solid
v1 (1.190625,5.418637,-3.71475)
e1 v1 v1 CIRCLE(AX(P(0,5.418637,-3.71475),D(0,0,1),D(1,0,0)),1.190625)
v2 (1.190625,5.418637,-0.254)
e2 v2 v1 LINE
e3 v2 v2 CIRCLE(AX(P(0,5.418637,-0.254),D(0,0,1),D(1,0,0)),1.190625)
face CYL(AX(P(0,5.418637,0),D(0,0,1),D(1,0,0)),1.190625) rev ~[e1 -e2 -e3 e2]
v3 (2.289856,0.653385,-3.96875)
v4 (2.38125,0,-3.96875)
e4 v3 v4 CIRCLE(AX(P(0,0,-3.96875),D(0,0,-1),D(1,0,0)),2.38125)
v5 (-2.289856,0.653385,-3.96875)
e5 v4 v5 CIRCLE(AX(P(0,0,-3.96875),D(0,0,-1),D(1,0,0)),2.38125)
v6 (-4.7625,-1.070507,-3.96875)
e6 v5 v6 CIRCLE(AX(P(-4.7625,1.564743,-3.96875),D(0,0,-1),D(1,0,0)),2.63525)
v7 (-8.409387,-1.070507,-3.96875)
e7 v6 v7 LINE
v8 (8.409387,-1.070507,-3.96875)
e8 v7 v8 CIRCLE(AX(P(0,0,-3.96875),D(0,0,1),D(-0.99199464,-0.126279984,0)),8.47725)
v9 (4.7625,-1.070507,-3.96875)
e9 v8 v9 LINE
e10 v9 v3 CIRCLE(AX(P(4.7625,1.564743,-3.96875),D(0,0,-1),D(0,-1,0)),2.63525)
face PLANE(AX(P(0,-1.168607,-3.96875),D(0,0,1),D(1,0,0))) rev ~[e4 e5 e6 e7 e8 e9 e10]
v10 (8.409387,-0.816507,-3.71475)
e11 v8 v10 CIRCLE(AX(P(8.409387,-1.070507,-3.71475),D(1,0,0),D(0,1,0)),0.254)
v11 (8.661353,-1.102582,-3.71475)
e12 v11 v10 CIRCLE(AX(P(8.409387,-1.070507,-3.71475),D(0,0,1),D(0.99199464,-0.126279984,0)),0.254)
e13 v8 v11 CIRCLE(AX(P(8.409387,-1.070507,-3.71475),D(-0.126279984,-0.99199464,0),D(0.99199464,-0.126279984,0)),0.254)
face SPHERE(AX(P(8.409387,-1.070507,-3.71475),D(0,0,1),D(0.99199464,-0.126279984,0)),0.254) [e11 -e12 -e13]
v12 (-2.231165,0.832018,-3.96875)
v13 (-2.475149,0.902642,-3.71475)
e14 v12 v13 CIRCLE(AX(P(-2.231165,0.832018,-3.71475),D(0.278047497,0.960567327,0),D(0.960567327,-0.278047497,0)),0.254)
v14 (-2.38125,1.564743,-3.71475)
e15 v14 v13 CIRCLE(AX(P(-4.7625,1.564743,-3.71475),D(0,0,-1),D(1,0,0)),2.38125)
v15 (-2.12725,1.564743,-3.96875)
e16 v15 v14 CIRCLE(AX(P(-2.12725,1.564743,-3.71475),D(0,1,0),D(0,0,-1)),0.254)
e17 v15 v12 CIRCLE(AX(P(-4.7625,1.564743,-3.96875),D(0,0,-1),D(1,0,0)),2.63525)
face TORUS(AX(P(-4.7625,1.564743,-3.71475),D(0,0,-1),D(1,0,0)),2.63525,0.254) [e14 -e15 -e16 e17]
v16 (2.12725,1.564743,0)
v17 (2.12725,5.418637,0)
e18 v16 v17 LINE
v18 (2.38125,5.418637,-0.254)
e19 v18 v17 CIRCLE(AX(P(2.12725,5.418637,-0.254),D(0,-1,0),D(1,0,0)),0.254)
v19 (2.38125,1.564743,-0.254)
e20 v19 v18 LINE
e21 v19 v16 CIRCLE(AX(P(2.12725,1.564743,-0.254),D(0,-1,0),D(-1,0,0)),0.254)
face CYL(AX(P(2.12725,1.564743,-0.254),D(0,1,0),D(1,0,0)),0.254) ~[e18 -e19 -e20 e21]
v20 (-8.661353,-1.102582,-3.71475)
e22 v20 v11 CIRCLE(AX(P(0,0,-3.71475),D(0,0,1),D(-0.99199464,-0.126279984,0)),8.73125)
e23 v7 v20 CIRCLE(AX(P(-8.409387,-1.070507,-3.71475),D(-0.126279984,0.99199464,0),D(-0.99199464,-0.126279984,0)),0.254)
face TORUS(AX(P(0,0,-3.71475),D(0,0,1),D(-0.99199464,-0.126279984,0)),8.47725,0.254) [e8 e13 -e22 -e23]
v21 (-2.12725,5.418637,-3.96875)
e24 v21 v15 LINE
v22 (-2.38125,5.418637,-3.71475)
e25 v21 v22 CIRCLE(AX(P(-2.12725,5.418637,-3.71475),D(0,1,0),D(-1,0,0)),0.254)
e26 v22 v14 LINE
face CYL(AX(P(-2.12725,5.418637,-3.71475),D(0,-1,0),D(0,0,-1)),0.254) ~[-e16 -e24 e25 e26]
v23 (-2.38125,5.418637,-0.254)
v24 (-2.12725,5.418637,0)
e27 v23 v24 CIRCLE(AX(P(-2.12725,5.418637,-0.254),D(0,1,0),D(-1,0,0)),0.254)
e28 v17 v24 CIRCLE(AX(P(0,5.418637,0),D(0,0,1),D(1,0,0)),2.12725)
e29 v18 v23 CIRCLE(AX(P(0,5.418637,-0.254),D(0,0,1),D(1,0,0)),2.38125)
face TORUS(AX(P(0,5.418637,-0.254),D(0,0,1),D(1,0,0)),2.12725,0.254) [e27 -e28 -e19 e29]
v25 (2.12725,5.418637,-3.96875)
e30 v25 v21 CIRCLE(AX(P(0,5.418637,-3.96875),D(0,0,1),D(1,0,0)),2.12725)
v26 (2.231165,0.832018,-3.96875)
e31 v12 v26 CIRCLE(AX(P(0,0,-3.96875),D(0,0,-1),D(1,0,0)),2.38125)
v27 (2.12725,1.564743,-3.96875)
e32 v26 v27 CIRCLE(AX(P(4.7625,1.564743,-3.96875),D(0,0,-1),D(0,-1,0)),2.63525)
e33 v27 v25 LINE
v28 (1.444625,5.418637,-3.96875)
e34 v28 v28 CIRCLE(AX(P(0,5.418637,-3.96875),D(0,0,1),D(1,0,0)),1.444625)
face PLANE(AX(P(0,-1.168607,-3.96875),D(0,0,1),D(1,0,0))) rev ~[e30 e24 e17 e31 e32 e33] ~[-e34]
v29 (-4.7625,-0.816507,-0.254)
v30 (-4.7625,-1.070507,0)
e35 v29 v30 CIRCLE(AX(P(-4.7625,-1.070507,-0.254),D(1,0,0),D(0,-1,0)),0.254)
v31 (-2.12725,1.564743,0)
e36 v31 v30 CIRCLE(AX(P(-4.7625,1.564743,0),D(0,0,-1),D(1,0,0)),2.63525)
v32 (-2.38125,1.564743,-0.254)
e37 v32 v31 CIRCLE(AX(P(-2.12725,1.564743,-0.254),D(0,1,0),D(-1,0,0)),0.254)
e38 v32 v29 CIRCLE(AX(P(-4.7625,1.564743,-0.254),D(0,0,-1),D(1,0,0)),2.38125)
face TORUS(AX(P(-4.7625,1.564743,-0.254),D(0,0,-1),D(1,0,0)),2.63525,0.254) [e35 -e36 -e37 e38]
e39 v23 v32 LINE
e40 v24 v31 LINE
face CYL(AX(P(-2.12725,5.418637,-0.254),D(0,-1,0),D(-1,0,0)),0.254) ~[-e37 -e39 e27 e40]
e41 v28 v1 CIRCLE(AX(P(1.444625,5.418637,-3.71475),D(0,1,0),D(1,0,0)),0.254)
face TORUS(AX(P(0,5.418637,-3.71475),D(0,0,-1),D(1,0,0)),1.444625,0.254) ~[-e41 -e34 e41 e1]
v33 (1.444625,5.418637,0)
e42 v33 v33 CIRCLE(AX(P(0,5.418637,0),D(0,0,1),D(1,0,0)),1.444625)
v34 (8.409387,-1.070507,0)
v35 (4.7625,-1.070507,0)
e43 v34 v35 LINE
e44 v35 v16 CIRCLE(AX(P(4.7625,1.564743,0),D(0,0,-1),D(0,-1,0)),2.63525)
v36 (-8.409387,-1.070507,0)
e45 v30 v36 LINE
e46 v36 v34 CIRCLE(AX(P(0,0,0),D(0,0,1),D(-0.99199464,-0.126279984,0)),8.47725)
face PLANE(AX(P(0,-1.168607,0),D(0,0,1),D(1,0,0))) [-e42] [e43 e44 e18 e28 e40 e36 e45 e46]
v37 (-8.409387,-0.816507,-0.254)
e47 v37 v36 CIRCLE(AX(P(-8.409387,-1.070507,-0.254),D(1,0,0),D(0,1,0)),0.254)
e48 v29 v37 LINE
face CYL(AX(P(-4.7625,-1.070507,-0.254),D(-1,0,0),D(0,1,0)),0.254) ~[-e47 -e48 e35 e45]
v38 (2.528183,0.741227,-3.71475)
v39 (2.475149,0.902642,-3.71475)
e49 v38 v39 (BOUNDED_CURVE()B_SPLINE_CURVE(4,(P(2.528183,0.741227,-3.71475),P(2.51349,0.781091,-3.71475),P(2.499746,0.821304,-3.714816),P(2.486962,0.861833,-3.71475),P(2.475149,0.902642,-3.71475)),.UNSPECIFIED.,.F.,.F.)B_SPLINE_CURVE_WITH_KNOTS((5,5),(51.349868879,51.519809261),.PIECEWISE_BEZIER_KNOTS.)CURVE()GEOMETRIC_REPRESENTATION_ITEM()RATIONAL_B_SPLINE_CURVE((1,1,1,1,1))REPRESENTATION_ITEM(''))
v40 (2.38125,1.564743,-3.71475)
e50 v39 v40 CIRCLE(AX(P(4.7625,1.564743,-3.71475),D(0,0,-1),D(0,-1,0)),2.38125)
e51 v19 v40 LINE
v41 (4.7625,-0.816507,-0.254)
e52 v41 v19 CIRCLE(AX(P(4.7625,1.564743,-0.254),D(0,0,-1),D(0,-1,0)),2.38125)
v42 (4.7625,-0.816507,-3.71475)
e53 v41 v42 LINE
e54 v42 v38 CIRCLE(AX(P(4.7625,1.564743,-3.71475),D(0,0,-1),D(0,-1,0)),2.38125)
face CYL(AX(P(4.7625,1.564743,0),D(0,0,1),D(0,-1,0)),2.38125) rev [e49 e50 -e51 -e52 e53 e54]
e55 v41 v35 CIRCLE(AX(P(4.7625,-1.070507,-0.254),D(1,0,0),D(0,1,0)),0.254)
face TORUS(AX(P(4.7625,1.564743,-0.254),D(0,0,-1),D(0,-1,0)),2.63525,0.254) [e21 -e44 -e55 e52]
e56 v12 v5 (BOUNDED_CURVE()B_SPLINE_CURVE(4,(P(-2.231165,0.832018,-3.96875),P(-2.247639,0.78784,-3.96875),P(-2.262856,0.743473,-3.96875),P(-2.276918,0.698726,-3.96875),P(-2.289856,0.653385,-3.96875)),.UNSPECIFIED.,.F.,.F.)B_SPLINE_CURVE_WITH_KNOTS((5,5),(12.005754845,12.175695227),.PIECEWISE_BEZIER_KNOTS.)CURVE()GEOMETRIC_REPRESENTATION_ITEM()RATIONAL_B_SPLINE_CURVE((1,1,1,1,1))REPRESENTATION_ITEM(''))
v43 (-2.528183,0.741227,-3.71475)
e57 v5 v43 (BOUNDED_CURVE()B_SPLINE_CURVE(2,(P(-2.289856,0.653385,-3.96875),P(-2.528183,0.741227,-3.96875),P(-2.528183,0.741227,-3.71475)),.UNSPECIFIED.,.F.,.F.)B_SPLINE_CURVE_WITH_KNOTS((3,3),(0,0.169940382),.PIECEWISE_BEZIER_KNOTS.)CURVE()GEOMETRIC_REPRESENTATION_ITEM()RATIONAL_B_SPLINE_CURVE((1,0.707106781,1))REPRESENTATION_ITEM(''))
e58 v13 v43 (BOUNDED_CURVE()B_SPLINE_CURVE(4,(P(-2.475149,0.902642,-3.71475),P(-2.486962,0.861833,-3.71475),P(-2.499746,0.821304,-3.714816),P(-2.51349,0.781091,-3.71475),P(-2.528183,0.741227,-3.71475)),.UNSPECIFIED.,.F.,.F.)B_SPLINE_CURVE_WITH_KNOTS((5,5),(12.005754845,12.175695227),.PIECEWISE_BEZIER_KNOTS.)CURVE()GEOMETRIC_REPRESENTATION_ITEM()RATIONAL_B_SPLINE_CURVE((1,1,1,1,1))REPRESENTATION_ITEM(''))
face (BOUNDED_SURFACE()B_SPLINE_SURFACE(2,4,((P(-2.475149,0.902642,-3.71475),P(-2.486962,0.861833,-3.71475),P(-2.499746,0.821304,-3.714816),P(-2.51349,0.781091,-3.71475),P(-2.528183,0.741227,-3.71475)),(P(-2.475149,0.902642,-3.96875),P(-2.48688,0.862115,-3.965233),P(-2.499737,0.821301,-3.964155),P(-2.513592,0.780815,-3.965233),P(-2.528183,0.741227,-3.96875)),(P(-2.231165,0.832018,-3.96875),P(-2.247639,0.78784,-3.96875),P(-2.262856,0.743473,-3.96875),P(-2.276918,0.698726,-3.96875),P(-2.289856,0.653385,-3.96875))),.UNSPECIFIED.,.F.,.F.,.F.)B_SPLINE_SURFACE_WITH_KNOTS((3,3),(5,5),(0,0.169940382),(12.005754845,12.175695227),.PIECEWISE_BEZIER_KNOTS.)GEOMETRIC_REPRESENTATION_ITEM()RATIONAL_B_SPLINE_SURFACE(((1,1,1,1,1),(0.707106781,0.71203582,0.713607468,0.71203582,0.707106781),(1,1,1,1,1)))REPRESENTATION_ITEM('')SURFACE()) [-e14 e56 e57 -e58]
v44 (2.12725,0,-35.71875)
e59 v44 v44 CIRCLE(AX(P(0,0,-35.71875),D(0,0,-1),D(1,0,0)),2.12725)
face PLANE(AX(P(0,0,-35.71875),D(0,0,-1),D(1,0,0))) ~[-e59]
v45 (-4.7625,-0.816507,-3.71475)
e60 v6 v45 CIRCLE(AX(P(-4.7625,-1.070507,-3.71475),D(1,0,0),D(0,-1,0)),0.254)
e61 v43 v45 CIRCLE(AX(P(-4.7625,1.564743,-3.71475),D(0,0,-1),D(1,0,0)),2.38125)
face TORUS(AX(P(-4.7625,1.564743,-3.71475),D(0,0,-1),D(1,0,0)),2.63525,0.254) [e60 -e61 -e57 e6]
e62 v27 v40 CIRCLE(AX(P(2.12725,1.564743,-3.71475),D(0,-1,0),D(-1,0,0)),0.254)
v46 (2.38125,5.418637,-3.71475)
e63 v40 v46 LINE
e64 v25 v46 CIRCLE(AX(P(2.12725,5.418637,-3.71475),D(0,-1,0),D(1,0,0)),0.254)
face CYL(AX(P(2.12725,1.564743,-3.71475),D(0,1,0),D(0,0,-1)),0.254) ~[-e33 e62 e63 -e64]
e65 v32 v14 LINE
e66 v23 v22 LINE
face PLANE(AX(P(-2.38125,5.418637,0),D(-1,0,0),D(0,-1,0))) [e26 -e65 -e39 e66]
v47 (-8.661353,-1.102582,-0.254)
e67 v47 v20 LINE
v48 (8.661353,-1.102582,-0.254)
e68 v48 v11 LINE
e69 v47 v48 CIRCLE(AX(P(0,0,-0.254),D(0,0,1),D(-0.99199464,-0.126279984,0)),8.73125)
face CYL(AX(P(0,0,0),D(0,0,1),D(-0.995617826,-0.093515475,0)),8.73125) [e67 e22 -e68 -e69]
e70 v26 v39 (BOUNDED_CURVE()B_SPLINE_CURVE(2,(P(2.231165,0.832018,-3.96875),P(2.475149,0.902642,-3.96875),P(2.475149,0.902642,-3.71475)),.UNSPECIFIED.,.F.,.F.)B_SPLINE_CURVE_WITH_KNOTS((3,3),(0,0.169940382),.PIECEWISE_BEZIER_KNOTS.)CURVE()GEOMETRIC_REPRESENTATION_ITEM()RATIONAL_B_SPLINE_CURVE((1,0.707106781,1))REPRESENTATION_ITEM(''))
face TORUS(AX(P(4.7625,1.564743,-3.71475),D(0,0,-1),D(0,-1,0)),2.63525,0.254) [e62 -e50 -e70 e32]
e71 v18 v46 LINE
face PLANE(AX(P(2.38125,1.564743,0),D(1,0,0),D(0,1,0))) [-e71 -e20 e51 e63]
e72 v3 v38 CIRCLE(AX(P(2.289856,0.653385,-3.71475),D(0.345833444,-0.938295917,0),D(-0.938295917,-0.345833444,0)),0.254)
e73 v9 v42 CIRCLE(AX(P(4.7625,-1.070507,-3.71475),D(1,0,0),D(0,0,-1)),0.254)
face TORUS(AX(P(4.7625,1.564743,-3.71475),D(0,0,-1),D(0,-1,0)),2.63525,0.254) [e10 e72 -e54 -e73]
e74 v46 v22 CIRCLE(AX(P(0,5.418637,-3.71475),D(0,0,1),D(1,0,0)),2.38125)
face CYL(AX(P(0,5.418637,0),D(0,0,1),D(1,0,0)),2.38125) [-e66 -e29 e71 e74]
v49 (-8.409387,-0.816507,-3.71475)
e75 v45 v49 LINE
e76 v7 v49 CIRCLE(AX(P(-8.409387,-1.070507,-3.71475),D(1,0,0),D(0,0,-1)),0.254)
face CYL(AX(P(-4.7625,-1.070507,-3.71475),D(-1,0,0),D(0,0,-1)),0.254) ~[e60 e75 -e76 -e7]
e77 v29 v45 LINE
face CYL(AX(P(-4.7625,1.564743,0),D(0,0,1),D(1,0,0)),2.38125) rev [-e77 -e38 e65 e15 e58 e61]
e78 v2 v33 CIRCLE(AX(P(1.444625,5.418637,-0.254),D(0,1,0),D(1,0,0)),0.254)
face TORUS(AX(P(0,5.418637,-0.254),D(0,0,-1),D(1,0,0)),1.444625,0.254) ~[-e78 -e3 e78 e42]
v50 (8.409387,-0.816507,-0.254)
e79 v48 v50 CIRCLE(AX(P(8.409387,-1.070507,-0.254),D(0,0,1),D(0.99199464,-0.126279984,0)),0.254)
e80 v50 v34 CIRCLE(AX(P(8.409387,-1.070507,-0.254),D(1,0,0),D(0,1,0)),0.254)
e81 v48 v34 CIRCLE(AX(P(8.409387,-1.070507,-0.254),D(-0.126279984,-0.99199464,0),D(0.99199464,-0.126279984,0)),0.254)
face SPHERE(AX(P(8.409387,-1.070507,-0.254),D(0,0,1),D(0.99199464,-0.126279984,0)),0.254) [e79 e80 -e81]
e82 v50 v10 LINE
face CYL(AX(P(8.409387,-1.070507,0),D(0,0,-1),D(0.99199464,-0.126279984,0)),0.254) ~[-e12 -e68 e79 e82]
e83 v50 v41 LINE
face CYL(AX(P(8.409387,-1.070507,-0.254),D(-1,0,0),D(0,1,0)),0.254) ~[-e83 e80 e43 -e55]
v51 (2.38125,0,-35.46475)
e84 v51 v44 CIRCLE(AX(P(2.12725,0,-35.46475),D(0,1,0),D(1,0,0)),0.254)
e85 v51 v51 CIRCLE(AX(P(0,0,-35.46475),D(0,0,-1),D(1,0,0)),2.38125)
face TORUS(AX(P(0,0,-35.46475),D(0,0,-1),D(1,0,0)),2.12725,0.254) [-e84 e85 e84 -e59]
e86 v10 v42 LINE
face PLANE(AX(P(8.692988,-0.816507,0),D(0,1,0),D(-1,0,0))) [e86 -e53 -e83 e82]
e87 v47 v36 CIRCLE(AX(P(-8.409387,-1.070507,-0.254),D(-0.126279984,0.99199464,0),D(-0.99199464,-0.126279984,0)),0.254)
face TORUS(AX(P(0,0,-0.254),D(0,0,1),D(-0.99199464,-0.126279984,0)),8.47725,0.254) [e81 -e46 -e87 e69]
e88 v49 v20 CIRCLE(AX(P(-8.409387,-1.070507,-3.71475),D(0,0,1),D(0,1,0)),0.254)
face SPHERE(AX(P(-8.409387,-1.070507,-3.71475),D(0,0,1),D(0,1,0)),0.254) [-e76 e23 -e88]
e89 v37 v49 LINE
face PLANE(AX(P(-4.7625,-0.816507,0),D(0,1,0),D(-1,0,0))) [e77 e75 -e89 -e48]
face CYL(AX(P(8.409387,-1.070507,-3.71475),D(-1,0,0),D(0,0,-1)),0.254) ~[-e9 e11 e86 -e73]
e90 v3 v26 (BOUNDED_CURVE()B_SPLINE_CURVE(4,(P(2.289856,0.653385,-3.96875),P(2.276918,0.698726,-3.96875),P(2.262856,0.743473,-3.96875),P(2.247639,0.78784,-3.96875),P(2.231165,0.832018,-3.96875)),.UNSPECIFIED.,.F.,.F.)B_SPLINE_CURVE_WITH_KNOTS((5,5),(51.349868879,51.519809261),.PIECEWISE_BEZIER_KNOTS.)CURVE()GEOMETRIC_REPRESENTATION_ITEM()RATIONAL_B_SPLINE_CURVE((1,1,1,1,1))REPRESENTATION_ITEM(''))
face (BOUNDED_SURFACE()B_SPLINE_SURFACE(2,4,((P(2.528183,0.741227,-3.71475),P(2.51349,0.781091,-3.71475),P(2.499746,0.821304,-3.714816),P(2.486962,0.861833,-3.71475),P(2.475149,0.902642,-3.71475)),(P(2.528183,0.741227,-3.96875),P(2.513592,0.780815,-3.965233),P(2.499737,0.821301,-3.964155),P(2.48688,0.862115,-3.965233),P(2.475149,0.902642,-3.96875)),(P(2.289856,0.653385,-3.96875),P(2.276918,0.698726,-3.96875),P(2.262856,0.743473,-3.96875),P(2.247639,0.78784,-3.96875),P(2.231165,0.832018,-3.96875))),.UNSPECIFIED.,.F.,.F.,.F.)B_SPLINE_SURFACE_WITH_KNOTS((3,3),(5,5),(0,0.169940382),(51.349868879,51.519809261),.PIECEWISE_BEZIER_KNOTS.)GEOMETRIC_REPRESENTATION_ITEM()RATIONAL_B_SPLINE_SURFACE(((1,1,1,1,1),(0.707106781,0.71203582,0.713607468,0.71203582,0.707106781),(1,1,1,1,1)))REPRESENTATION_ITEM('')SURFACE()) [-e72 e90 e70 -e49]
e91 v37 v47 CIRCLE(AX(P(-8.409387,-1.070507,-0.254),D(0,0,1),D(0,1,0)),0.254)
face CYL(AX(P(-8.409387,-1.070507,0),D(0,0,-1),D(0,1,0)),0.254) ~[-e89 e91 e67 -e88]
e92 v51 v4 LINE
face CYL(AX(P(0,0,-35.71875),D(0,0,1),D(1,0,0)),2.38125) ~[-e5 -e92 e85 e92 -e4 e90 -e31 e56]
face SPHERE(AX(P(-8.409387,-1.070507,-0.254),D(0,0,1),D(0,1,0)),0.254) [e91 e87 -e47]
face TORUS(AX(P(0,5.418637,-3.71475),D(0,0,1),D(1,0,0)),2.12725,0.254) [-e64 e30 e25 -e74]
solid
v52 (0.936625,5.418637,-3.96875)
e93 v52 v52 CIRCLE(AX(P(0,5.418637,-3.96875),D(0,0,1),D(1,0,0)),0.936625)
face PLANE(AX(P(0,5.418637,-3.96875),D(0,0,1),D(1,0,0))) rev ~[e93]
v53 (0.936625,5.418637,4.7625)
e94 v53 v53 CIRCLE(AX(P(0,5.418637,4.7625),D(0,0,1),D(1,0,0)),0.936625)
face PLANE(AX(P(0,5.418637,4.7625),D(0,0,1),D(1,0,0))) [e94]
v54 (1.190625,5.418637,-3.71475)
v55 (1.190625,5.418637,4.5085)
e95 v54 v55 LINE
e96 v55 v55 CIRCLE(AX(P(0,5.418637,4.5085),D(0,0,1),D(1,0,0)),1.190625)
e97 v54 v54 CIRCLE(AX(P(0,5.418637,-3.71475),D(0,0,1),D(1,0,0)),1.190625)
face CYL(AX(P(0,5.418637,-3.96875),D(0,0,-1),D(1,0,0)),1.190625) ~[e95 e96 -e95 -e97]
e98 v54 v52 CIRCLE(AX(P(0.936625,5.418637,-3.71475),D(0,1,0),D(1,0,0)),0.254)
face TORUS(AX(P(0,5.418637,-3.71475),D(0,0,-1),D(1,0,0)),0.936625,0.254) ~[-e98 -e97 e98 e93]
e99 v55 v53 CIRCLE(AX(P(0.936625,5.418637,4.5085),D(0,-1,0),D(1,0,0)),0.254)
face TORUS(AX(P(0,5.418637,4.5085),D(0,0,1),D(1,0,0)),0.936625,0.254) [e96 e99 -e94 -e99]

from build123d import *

# Parameters (mm, degrees)
BOSS_EXTRUDE1_DEPTH      = 3.96875
SKETCH2_R                = 1.984375
SKETCH2_R_2              = 1.190625
CUT_EXTRUDE1_DEPTH       = 13.944255329
BOSS_EXTRUDE2_DEPTH      = 4.7625
BOSS_EXTRUDE2_DEPTH_BACK = 3.96875
SKETCH3_R                = 1.190625
FILLET1_R                = 0.254
FILLET3_R                = 0.254
FILLET4_R                = 0.254
FILLET5_R                = 0.254


with BuildPart() as part:
    # Sketch1 → Boss-Extrude1 (new body)
    with BuildSketch(Plane.XY):
        with BuildLine():
            Line((-2.38125, 5.418637314), (-2.38125, 1.564743007))
            ThreePointArc((-2.38125, 1.564743007), (-3.078701977, -0.119055015), (-4.7625, -0.816506993))
            Line((-4.7625, -0.816506993), (-8.692988145, -0.816506993))
            ThreePointArc((-8.692988145, -0.816506993), (0, -8.73125), (8.692988145, -0.816506993))
            Line((8.692988145, -0.816506993), (4.7625, -0.816506993))
            ThreePointArc((4.7625, -0.816506993), (3.078701977, -0.119055015), (2.38125, 1.564743007))
            Line((2.38125, 1.564743007), (2.38125, 5.418637314))
            ThreePointArc((2.38125, 5.418637314), (0, 7.799887314), (-2.38125, 5.418637314))
        make_face()
    extrude(amount=-BOSS_EXTRUDE1_DEPTH)

    # Sketch2 → Cut-Extrude1 (cut, through all)
    with BuildSketch(Plane.XY):
        Circle(SKETCH2_R)
        with Locations((0, 5.418637314)):
            Circle(SKETCH2_R_2)
    extrude(amount=-CUT_EXTRUDE1_DEPTH, mode=Mode.SUBTRACT)

    # Sketch4 → Revolve1 (revolve)
    with BuildSketch(Plane(origin=(0, 0, 0), x_dir=(0, 0, -1), z_dir=(1, 0, 0)), mode=Mode.PRIVATE) as revolve1_sk:
        Polygon((35.71875, 0), (35.71875, 2.38125), (3.96875, 2.38125), (3.96875, 1.984375), (0, 1.984375), (0, 0), align=None)
    revolve(revolve1_sk.sketch.rotate(Axis((0, 0, 0), (0, 0, -1)), 90), axis=Axis((0, 0, 0), (0, 0, -1)))

    # Fillet1
    fillet1_edges = [part.edges().sort_by_distance(p)[0] for p in [
        (8.692988145, -0.816506993, -1.984375),
        (-8.692988145, -0.816506993, -1.984375),
        (-1.190625, 5.418637314, -3.96875),
        (-1.190625, 5.418637314, 0),
    ]]
    fillet(fillet1_edges, radius=FILLET1_R)

    # Fillet3
    fillet3_edges = [part.edges().sort_by_distance(p)[0] for p in [
        (-2.38125, 3.491690161, 0),
        (0, 7.799887314, 0),
        (2.38125, 3.491690161, 0),
        (3.078701977, -0.119055015, 0),
        (0, 7.799887314, -3.96875),
        (-2.38125, 3.491690161, -3.96875),
        (-3.078701977, -0.119055015, -3.96875),
        (-6.585943281, -0.816506993, -3.96875),
        (3.078701977, -0.119055015, -3.96875),
        (0, -8.73125, 0),
        (6.585943281, -0.816506993, 0),
        (8.599994903, -0.902624712, 0),
        (-8.599994903, -0.902624712, 0),
        (6.585943281, -0.816506993, -3.96875),
        (0, -8.73125, -3.96875),
        (8.599994903, -0.902624712, -3.96875),
        (-8.599994903, -0.902624712, -3.96875),
        (2.38125, 3.491690161, -3.96875),
        (-6.585943281, -0.816506993, 0),
        (-3.078701977, -0.119055015, 0),
    ]]
    fillet(fillet3_edges, radius=FILLET3_R)

    # Fillet5
    fillet5_edges = [part.edges().sort_by_distance(p)[0] for p in [
        (-2.38125, 0, -35.71875),
    ]]
    fillet(fillet5_edges, radius=FILLET5_R)


with BuildPart() as body_2:
    # Sketch3 → Boss-Extrude2 (new, two sides: drawn at the far end of the back side and taken through both)
    with BuildSketch(Plane.XY.offset(-BOSS_EXTRUDE2_DEPTH_BACK)):
        with Locations((0, 5.418637314)):
            Circle(SKETCH3_R)
    extrude(amount=BOSS_EXTRUDE2_DEPTH + BOSS_EXTRUDE2_DEPTH_BACK)

    # Fillet4
    fillet4_edges = [body_2.edges().sort_by_distance(p)[0] for p in [
        (-1.190625, 5.418637314, 4.7625),
        (-1.190625, 5.418637314, -3.96875),
    ]]
    fillet(fillet4_edges, radius=FILLET4_R)


solid = Compound([part.part, body_2.part])
